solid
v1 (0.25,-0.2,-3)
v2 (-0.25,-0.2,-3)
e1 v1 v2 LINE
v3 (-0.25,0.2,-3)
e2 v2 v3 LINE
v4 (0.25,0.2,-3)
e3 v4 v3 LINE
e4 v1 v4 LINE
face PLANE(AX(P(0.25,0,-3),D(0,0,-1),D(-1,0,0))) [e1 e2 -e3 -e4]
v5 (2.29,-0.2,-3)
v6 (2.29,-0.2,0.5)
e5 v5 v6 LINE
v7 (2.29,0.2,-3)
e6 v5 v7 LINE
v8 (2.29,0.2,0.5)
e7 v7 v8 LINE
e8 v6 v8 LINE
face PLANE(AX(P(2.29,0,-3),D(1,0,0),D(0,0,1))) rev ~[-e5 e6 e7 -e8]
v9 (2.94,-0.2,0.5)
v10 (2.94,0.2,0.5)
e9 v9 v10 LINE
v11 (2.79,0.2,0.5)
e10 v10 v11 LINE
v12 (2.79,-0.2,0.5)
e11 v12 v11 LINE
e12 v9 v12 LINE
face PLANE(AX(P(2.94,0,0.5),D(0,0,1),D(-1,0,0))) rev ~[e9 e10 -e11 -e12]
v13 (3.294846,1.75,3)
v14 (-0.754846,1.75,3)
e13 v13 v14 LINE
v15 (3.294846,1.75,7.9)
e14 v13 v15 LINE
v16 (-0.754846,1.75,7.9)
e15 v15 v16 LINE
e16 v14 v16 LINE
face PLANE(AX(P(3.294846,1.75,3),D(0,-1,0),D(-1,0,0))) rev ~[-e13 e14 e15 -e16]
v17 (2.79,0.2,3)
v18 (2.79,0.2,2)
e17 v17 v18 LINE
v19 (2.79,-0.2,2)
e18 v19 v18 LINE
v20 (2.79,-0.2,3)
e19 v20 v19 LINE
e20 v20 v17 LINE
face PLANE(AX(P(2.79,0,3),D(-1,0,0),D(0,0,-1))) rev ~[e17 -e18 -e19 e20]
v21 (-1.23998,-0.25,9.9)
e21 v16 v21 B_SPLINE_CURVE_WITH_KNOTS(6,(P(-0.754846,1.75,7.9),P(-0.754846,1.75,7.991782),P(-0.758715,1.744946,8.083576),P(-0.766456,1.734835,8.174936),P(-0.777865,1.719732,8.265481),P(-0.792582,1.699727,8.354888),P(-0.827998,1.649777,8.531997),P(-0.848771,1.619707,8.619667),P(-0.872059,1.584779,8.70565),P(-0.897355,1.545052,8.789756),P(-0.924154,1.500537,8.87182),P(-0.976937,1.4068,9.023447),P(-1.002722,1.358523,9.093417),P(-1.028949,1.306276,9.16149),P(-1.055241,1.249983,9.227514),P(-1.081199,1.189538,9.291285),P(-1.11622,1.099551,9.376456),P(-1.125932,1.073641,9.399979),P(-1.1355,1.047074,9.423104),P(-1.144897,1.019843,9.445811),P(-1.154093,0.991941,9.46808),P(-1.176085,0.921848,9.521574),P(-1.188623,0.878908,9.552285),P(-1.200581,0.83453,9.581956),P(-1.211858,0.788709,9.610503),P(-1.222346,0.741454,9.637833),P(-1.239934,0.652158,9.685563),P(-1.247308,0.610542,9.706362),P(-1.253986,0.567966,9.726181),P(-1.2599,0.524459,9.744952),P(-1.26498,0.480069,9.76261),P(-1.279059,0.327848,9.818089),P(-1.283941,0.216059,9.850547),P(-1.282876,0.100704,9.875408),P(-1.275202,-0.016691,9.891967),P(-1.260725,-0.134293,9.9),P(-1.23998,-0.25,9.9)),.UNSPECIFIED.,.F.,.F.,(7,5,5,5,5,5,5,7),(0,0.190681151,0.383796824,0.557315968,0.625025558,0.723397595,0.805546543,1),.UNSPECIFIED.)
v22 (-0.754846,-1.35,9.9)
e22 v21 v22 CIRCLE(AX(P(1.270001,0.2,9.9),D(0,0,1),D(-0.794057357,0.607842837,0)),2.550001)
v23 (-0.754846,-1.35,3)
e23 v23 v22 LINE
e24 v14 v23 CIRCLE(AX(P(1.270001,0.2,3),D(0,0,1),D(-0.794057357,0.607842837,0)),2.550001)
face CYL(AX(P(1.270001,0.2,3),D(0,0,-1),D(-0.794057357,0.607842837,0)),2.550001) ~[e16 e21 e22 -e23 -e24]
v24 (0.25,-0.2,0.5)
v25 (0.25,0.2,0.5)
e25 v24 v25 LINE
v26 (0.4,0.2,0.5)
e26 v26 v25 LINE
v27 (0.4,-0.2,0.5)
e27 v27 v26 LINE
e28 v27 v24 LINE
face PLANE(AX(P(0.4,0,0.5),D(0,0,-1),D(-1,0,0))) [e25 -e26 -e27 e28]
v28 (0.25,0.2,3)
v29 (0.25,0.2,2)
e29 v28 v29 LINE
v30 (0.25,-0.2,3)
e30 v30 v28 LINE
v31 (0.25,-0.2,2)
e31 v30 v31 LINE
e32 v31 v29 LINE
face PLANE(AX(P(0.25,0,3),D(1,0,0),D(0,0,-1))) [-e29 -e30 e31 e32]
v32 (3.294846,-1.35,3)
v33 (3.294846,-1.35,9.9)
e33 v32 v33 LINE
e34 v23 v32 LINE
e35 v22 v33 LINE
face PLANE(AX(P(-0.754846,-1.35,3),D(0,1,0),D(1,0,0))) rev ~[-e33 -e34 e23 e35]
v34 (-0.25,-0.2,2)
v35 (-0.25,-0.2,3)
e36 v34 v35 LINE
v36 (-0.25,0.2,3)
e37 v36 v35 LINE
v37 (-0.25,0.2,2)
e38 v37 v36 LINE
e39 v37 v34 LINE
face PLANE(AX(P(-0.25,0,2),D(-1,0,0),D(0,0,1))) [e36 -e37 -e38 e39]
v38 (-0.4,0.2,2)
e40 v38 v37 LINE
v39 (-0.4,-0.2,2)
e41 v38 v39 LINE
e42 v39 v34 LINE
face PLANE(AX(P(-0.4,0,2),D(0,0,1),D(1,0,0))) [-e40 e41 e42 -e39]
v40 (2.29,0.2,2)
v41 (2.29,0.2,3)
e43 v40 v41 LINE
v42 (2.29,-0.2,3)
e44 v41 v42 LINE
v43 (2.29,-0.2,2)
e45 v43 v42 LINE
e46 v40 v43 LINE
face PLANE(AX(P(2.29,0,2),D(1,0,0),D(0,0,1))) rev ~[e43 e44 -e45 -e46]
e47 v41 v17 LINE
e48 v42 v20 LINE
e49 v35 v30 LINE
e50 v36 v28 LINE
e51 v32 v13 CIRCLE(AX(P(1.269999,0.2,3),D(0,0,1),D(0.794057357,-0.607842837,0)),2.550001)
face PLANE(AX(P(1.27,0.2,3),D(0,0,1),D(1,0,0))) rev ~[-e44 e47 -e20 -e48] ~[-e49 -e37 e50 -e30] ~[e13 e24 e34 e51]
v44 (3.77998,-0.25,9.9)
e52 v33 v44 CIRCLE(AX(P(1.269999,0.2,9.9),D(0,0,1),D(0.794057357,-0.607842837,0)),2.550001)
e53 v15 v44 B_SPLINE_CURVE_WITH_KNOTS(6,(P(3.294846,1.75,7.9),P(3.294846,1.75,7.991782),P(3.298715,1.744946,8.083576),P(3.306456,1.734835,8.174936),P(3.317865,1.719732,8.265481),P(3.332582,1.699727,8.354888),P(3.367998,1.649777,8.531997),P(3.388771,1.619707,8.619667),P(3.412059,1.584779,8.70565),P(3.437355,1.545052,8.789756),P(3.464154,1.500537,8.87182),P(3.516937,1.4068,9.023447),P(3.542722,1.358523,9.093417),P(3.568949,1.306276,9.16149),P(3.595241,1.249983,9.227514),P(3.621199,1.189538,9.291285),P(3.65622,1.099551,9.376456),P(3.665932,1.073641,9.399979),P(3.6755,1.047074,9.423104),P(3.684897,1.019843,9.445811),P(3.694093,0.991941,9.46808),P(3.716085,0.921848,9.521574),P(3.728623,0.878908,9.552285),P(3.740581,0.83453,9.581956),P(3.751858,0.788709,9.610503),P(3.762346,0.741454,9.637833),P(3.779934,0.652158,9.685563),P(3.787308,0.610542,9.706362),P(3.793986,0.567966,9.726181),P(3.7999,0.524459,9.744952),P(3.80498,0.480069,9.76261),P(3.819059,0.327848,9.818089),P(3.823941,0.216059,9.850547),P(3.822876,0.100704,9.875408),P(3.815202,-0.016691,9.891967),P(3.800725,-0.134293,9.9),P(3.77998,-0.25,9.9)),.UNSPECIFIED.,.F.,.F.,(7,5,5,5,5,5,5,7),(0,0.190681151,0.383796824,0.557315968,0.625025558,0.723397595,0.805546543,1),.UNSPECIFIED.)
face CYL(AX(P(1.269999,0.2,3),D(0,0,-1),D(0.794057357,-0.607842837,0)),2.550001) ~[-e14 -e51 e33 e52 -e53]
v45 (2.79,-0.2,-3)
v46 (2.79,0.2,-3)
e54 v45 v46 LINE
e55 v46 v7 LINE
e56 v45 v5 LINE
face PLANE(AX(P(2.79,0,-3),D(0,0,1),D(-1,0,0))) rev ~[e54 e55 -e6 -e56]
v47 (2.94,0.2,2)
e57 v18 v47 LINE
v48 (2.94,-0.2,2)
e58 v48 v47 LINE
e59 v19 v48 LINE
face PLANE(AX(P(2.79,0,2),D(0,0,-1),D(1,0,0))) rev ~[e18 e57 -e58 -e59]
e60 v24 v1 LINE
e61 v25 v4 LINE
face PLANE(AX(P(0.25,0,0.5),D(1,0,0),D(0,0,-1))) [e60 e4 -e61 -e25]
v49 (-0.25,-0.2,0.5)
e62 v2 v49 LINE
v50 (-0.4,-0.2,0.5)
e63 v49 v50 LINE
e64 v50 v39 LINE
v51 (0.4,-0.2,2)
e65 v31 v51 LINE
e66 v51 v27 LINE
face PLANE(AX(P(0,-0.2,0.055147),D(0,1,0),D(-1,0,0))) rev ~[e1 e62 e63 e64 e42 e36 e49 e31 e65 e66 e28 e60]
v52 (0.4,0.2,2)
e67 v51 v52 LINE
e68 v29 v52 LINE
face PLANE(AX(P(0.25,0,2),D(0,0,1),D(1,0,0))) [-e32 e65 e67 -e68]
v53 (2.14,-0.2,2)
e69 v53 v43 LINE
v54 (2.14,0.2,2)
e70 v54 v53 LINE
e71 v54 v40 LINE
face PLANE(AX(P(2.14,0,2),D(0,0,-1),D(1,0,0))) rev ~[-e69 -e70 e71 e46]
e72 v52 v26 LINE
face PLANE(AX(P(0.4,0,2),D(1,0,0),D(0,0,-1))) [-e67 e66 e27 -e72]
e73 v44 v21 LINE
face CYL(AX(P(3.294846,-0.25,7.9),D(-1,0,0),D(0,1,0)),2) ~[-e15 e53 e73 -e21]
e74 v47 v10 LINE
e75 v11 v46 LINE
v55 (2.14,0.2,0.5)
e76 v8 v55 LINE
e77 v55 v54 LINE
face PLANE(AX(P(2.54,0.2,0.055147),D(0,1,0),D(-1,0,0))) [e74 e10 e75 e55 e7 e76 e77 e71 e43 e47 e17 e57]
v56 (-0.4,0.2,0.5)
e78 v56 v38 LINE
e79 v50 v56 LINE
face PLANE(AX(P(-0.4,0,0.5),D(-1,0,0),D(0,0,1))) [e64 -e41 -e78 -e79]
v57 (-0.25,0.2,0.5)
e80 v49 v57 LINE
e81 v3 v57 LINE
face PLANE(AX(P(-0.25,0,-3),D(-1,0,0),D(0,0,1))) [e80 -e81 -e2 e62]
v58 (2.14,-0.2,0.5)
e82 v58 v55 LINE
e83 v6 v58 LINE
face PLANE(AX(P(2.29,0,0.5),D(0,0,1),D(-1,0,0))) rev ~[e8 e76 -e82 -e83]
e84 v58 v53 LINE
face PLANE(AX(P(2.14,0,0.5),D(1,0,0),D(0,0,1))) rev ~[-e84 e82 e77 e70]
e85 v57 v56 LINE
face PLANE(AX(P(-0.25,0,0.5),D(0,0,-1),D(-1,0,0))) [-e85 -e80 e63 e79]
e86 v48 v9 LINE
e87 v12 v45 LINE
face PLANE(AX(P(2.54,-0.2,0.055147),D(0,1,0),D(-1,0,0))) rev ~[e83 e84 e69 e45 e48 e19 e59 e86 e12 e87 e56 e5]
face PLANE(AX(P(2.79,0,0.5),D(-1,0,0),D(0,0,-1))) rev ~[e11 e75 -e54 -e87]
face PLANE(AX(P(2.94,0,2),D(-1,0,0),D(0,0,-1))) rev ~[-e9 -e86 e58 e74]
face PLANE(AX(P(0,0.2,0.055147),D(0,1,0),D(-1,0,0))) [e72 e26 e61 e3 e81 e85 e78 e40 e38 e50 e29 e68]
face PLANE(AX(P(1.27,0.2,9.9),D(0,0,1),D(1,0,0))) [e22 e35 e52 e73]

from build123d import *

# Parameters (mm, degrees)
PAD001_DEPTH = 0.2
PAD_DEPTH    = 6.9
FILLET_R     = 2


with BuildPart() as pad001:
    # Sketch002 → Pad001 (new body, symmetric)
    with BuildSketch(Plane.XZ):
        Polygon((-0.25, 3), (0.25, 3), (0.25, 2), (0.4, 2), (0.4, 0.5), (0.25, 0.5), (0.25, -3), (-0.25, -3), (-0.25, 0.5), (-0.4, 0.5), (-0.4, 2), (-0.25, 2), align=None)
        Polygon((2.29, 3), (2.79, 3), (2.79, 2), (2.94, 2), (2.94, 0.5), (2.79, 0.5), (2.79, -3), (2.29, -3), (2.29, 0.5), (2.14, 0.5), (2.14, 2), (2.29, 2), align=None)
    extrude(amount=PAD001_DEPTH, both=True)


with BuildPart() as osram_sfh225:
    # Sketch → Pad (new body)
    with BuildSketch(Plane.XY.offset(3)):
        with BuildLine():
            Line((-0.754846, -1.35), (3.294846, -1.35))
            ThreePointArc((3.294846, -1.35), (3.82, 0.2), (3.294846, 1.75))
            Line((3.294846, 1.75), (-0.754846, 1.75))
            ThreePointArc((-0.754846, 1.75), (-1.28, 0.2), (-0.754846, -1.35))
        make_face()
    extrude(amount=PAD_DEPTH)

    # Fillet
    fillet_edges = [osram_sfh225.edges().sort_by_distance(p)[0] for p in [
        (1.27, 1.75, 9.9),
    ]]
    fillet(fillet_edges, radius=FILLET_R)

    # Fillet_mp_cp: union Pad001
    add(pad001.part)


solid = osram_sfh225.part
